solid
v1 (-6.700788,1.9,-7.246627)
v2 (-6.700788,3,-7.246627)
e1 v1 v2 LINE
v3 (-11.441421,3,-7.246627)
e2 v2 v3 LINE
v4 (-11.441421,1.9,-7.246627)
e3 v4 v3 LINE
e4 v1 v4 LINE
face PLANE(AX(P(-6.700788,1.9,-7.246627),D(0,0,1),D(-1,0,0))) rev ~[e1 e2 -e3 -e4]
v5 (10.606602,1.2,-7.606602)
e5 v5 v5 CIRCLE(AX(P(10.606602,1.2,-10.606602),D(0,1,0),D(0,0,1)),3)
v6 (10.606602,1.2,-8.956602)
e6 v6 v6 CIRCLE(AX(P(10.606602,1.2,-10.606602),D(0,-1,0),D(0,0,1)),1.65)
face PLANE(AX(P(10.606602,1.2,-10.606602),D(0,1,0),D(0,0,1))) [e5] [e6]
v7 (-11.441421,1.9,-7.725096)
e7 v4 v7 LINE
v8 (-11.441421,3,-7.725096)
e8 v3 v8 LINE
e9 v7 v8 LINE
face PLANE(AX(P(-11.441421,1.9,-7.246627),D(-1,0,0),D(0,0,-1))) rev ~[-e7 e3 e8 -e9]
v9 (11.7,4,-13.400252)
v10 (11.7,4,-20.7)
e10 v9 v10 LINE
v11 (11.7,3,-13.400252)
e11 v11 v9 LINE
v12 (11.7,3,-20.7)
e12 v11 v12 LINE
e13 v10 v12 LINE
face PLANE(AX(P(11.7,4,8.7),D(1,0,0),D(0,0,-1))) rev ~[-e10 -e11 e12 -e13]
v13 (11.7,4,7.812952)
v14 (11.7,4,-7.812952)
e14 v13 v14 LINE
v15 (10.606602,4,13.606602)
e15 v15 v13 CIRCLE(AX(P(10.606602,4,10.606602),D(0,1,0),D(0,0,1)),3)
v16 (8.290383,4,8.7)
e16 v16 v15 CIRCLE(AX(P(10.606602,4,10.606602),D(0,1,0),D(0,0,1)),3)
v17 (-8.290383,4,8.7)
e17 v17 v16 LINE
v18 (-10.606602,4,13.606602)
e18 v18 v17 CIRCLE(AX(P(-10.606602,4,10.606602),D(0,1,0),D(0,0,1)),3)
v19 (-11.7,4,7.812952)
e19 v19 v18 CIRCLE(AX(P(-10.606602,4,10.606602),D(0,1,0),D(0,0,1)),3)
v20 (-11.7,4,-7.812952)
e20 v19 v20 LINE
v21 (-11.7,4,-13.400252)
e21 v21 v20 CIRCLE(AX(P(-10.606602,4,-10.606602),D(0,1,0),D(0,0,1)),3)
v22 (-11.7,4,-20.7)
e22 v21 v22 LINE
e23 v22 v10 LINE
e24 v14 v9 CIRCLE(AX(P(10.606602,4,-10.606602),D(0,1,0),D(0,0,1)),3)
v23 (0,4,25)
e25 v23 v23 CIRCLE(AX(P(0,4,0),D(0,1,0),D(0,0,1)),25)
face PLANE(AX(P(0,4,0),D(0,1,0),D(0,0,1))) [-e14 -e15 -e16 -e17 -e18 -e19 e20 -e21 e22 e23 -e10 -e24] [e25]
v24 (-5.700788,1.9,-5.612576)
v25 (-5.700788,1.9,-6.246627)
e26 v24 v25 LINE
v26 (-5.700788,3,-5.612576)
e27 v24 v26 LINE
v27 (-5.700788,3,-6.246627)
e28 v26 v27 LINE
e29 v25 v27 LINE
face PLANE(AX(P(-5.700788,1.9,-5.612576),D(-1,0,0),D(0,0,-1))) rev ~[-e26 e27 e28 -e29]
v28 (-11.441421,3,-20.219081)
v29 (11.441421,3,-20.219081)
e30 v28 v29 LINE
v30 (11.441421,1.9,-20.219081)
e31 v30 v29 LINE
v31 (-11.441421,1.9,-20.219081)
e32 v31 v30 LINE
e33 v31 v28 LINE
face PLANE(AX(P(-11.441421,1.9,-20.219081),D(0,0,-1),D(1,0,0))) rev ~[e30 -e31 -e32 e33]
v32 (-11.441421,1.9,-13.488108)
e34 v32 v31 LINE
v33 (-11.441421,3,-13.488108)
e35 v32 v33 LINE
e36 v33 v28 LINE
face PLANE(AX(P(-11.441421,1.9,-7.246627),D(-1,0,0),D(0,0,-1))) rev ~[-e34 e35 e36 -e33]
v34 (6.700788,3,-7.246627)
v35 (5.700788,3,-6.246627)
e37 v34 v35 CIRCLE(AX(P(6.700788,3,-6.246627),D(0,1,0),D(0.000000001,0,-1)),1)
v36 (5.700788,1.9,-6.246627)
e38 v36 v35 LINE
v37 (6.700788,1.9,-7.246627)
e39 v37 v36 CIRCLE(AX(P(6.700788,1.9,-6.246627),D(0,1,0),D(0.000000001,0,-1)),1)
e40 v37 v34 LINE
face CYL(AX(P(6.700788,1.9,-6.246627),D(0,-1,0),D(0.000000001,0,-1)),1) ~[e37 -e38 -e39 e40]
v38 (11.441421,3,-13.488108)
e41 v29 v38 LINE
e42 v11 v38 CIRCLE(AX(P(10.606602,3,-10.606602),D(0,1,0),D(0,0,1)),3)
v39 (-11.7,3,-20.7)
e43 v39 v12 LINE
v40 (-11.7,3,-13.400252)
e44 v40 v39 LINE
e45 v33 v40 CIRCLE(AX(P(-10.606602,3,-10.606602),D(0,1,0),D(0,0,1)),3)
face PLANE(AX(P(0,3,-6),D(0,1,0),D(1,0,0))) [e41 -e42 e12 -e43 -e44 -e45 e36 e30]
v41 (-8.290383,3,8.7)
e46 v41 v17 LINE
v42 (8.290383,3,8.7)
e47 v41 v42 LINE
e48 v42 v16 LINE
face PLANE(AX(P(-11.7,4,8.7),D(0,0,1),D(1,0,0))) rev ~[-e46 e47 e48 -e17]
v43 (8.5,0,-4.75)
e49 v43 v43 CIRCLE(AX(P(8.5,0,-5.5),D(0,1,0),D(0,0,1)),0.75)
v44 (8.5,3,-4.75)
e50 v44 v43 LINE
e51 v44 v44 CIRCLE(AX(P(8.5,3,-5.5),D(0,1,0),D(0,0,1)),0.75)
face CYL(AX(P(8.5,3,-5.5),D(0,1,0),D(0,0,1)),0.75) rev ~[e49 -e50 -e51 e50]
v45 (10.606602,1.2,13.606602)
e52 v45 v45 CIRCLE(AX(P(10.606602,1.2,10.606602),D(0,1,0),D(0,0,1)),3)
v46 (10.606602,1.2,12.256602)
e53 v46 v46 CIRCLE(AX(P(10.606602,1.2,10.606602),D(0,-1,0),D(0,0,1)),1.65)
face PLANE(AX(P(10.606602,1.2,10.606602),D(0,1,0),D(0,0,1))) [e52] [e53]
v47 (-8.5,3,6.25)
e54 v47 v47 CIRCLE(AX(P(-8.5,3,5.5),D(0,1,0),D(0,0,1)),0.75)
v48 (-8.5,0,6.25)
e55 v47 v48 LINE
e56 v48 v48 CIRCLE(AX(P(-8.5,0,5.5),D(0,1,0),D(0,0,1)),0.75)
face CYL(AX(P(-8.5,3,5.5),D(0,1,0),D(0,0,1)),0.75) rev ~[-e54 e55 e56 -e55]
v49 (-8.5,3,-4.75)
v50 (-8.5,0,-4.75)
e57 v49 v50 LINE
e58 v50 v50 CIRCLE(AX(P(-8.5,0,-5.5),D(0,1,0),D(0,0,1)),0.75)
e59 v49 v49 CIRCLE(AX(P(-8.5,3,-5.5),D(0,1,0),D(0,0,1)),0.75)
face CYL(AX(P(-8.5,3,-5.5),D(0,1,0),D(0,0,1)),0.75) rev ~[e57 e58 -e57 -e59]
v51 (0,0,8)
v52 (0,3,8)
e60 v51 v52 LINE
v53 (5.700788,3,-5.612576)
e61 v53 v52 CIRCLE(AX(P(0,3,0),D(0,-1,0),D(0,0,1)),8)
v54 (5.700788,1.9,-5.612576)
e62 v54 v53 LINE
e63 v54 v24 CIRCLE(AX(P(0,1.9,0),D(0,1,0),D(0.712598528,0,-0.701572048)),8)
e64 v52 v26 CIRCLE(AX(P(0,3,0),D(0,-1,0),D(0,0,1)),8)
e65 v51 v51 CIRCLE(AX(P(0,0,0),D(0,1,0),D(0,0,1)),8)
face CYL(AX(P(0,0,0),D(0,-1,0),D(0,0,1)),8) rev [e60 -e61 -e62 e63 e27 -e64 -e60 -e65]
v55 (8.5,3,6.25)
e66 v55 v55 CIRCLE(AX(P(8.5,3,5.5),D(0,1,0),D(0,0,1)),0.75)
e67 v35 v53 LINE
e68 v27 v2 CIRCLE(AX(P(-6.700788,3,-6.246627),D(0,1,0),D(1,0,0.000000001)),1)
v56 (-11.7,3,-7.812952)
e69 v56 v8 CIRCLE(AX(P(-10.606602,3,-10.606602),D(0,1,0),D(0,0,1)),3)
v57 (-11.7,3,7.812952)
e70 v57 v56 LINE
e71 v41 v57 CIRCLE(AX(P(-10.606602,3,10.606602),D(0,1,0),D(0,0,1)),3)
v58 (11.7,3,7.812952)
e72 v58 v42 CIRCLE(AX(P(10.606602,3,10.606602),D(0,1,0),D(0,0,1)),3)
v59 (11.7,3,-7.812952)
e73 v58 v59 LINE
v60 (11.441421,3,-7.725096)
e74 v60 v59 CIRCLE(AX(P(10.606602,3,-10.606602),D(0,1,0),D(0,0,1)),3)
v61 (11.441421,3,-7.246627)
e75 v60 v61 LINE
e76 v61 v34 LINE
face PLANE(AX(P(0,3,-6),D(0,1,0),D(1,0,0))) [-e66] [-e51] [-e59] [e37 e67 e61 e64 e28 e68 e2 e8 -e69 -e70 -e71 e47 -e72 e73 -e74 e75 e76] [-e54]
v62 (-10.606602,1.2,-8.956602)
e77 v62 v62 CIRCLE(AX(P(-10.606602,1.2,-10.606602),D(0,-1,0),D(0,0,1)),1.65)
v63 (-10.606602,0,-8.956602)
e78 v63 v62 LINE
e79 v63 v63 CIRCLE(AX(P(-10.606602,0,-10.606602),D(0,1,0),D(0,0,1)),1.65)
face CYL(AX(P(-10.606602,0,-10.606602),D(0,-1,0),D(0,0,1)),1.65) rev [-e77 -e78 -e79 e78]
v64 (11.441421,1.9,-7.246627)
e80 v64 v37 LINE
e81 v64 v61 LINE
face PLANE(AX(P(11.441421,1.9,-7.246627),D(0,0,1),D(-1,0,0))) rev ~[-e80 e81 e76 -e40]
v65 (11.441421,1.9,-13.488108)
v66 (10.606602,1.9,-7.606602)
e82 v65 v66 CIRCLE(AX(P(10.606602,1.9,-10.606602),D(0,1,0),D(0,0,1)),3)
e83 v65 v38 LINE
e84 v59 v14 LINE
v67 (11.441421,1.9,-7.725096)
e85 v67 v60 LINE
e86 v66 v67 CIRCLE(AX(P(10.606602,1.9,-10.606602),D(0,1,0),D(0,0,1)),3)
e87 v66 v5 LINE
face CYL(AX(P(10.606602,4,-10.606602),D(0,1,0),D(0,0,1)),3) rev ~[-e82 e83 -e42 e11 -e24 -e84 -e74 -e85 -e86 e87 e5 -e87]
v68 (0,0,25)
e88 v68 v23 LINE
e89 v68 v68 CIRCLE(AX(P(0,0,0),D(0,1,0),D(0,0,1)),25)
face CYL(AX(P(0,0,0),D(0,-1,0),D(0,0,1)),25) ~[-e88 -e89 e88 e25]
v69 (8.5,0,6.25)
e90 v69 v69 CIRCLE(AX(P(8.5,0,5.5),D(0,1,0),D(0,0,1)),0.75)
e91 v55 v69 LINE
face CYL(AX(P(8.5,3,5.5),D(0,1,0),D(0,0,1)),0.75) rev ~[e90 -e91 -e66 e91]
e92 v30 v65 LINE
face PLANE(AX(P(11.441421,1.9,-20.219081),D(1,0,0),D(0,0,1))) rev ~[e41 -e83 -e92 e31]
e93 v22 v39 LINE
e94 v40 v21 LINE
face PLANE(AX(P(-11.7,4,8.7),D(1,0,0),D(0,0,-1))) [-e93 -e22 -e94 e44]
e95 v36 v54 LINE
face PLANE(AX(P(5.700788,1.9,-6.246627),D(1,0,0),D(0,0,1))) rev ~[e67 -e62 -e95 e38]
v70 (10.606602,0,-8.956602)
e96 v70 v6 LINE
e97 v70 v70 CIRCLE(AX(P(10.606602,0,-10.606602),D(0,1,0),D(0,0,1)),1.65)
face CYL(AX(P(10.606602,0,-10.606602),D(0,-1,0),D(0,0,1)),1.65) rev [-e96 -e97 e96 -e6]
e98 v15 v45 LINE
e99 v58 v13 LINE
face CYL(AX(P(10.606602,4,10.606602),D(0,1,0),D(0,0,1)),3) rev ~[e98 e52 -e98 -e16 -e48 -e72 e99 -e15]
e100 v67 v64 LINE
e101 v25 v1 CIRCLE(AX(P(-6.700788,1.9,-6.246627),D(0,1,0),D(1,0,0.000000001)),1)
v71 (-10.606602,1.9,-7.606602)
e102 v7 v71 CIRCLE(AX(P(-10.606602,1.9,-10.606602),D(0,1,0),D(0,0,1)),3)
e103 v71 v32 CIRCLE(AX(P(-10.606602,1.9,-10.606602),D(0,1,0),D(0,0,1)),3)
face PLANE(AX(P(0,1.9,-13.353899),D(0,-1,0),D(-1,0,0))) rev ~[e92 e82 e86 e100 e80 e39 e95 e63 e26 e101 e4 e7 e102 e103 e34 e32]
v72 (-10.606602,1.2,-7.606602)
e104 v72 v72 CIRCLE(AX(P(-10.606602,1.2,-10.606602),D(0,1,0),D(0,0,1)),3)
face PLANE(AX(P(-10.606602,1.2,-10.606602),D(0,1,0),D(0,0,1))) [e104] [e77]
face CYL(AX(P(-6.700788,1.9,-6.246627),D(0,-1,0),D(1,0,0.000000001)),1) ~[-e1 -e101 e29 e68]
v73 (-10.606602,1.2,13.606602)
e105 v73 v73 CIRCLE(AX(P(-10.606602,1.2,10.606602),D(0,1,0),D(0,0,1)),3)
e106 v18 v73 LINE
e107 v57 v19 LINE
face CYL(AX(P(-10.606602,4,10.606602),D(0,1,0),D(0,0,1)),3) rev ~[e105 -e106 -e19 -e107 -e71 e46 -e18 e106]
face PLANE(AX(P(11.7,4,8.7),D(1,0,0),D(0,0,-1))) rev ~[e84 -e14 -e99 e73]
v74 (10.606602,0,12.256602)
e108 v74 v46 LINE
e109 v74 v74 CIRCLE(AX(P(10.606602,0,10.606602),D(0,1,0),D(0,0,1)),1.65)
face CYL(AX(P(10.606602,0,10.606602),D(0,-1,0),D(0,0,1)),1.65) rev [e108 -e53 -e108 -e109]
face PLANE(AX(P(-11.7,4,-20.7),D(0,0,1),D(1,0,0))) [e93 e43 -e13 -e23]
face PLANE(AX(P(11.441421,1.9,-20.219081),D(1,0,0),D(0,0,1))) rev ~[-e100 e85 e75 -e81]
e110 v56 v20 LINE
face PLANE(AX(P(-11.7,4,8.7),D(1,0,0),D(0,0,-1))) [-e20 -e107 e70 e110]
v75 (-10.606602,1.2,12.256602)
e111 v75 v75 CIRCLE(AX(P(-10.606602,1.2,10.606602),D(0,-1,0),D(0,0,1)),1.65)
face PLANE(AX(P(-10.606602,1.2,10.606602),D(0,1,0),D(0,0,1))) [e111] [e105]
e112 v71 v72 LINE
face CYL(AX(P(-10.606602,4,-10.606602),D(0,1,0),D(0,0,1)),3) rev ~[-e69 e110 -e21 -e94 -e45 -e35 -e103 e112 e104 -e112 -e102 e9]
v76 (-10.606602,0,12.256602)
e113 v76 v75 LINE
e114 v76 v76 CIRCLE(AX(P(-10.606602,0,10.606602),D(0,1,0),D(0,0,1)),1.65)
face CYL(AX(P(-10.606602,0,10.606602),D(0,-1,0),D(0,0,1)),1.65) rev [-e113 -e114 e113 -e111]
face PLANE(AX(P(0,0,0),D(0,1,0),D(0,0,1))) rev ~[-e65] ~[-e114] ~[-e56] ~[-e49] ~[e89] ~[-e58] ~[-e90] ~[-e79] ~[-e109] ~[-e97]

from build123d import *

# Parameters (mm, degrees)
SKETCH_1_R          = 25
SKETCH_1_R_2        = 8
SKETCH_1_R_3        = 1.65
EXTRUDE_1_DEPTH     = 4
SKETCH_5_W          = 23.4
SKETCH_5_H          = 29.4
CUT_EXTRUDE_1_DEPTH = 1
SKETCH_6_R          = 3
CUT_EXTRUDE_2_DEPTH = 2.8
CUT_EXTRUDE_3_REACH = 37.482
SKETCH_9_R          = 0.75
CUT_EXTRUDE_START   = -1.1
CUT_EXTRUDE_4_DEPTH = 1.1


with BuildPart() as part:
    # 草图1 → 凸台-拉伸1 (new body)
    with BuildSketch(Plane(origin=(0, 0, 0), x_dir=(1, 0, 0), z_dir=(0, 1, 0))):
        with Locations(Location((0, 0, 0), (0, 0, 270))):
            Circle(SKETCH_1_R)
        with Locations(Location((0, 0, 0), (0, 0, 270))):
            Circle(SKETCH_1_R_2, mode=Mode.SUBTRACT)
        with Locations(Location((10.606601718, 10.606601718, 0), (0, 0, 270))):
            Circle(SKETCH_1_R_3, mode=Mode.SUBTRACT)
        with Locations(Location((-10.606601718, 10.606601718, 0), (0, 0, 270))):
            Circle(SKETCH_1_R_3, mode=Mode.SUBTRACT)
        with Locations(Location((-10.606601718, -10.606601718, 0), (0, 0, 270))):
            Circle(SKETCH_1_R_3, mode=Mode.SUBTRACT)
        with Locations(Location((10.606601718, -10.606601718, 0), (0, 0, 270))):
            Circle(SKETCH_1_R_3, mode=Mode.SUBTRACT)
    extrude(amount=EXTRUDE_1_DEPTH)

    # 草图5 → 切除-拉伸1 (cut)
    with BuildSketch(Plane(origin=(0, 4, 0), x_dir=(1, 0, 0), z_dir=(0, 1, 0))):
        with Locations((0, 6)):
            Rectangle(SKETCH_5_W, SKETCH_5_H)
    extrude(amount=-CUT_EXTRUDE_1_DEPTH, mode=Mode.SUBTRACT)

    # 草图6 → 切除-拉伸2 (cut)
    with BuildSketch(Plane(origin=(0, 4, 0), x_dir=(1, 0, 0), z_dir=(0, 1, 0))):
        with Locations(Location((-10.606601718, 10.606601718, 0), (0, 0, 270))):
            Circle(SKETCH_6_R)
        with Locations(Location((10.606601718, 10.606601718, 0), (0, 0, 270))):
            Circle(SKETCH_6_R)
        with Locations(Location((10.606601718, -10.606601718, 0), (0, 0, 270))):
            Circle(SKETCH_6_R)
        with Locations(Location((-10.606601718, -10.606601718, 0), (0, 0, 270))):
            Circle(SKETCH_6_R)
    extrude(amount=-CUT_EXTRUDE_2_DEPTH, mode=Mode.SUBTRACT)

    # 草图9 → 切除-拉伸3 (cut, up to next)
    with BuildSketch(Plane(origin=(0, 3, 0), x_dir=(1, 0, 0), z_dir=(0, 1, 0)), mode=Mode.PRIVATE) as cut_extrude_3_sk1:
        with Locations(Location((-8.5, 5.5, 0), (0, 0, 270))):
            Circle(SKETCH_9_R)
    cut_extrude_3_tool1 = extrude(cut_extrude_3_sk1.sketch, amount=-CUT_EXTRUDE_3_REACH, mode=Mode.PRIVATE) & part.part
    # 草图9 → 切除-拉伸3 (cut, up to next)
    with BuildSketch(Plane(origin=(0, 3, 0), x_dir=(1, 0, 0), z_dir=(0, 1, 0)), mode=Mode.PRIVATE) as cut_extrude_3_sk2:
        with Locations(Location((8.5, 5.5, 0), (0, 0, 270))):
            Circle(SKETCH_9_R)
    cut_extrude_3_tool2 = extrude(cut_extrude_3_sk2.sketch, amount=-CUT_EXTRUDE_3_REACH, mode=Mode.PRIVATE) & part.part
    # 草图9 → 切除-拉伸3 (cut, up to next)
    with BuildSketch(Plane(origin=(0, 3, 0), x_dir=(1, 0, 0), z_dir=(0, 1, 0)), mode=Mode.PRIVATE) as cut_extrude_3_sk3:
        with Locations(Location((8.5, -5.5, 0), (0, 0, 270))):
            Circle(SKETCH_9_R)
    cut_extrude_3_tool3 = extrude(cut_extrude_3_sk3.sketch, amount=-CUT_EXTRUDE_3_REACH, mode=Mode.PRIVATE) & part.part
    # 草图9 → 切除-拉伸3 (cut, up to next)
    with BuildSketch(Plane(origin=(0, 3, 0), x_dir=(1, 0, 0), z_dir=(0, 1, 0)), mode=Mode.PRIVATE) as cut_extrude_3_sk4:
        with Locations(Location((-8.5, -5.5, 0), (0, 0, 270))):
            Circle(SKETCH_9_R)
    cut_extrude_3_tool4 = extrude(cut_extrude_3_sk4.sketch, amount=-CUT_EXTRUDE_3_REACH, mode=Mode.PRIVATE) & part.part
    add(cut_extrude_3_tool1.solids().sort_by_distance((-8.5, 3, -5.5))[0], mode=Mode.SUBTRACT)
    add(cut_extrude_3_tool2.solids().sort_by_distance((8.5, 3, -5.5))[0], mode=Mode.SUBTRACT)
    add(cut_extrude_3_tool3.solids().sort_by_distance((8.5, 3, 5.5))[0], mode=Mode.SUBTRACT)
    add(cut_extrude_3_tool4.solids().sort_by_distance((-8.5, 3, 5.5))[0], mode=Mode.SUBTRACT)

    # 草图10 → 切除-拉伸4 (cut)
    with BuildSketch(Plane(origin=(0, 3, 0), x_dir=(1, 0, 0), z_dir=(0, 1, 0)).offset(CUT_EXTRUDE_START)):
        with BuildLine():
            Line((-5.700788223, 5.612576381), (-5.700788223, 6.246626792))
            ThreePointArc((-5.700788223, 6.246626792), (-5.993681442, 6.953733574), (-6.700788223, 7.246626792))
            Line((-6.700788223, 7.246626792), (-11.441421376, 7.246626792))
            Line((-11.441421376, 7.246626792), (-11.441421376, 20.219080974))
            Line((-11.441421376, 20.219080974), (11.441421376, 20.219080974))
            Line((11.441421376, 20.219080974), (11.441421376, 7.246626792))
            Line((11.441421376, 7.246626792), (6.700788223, 7.246626792))
            ThreePointArc((6.700788223, 7.246626792), (5.993681442, 6.953733574), (5.700788223, 6.246626792))
            Line((5.700788223, 6.246626792), (5.700788223, 5.612576381))
            ThreePointArc((5.700788223, 5.612576381), (0, 8), (-5.700788223, 5.612576381))
        make_face()
    extrude(amount=CUT_EXTRUDE_4_DEPTH, mode=Mode.SUBTRACT)


solid = part.part
